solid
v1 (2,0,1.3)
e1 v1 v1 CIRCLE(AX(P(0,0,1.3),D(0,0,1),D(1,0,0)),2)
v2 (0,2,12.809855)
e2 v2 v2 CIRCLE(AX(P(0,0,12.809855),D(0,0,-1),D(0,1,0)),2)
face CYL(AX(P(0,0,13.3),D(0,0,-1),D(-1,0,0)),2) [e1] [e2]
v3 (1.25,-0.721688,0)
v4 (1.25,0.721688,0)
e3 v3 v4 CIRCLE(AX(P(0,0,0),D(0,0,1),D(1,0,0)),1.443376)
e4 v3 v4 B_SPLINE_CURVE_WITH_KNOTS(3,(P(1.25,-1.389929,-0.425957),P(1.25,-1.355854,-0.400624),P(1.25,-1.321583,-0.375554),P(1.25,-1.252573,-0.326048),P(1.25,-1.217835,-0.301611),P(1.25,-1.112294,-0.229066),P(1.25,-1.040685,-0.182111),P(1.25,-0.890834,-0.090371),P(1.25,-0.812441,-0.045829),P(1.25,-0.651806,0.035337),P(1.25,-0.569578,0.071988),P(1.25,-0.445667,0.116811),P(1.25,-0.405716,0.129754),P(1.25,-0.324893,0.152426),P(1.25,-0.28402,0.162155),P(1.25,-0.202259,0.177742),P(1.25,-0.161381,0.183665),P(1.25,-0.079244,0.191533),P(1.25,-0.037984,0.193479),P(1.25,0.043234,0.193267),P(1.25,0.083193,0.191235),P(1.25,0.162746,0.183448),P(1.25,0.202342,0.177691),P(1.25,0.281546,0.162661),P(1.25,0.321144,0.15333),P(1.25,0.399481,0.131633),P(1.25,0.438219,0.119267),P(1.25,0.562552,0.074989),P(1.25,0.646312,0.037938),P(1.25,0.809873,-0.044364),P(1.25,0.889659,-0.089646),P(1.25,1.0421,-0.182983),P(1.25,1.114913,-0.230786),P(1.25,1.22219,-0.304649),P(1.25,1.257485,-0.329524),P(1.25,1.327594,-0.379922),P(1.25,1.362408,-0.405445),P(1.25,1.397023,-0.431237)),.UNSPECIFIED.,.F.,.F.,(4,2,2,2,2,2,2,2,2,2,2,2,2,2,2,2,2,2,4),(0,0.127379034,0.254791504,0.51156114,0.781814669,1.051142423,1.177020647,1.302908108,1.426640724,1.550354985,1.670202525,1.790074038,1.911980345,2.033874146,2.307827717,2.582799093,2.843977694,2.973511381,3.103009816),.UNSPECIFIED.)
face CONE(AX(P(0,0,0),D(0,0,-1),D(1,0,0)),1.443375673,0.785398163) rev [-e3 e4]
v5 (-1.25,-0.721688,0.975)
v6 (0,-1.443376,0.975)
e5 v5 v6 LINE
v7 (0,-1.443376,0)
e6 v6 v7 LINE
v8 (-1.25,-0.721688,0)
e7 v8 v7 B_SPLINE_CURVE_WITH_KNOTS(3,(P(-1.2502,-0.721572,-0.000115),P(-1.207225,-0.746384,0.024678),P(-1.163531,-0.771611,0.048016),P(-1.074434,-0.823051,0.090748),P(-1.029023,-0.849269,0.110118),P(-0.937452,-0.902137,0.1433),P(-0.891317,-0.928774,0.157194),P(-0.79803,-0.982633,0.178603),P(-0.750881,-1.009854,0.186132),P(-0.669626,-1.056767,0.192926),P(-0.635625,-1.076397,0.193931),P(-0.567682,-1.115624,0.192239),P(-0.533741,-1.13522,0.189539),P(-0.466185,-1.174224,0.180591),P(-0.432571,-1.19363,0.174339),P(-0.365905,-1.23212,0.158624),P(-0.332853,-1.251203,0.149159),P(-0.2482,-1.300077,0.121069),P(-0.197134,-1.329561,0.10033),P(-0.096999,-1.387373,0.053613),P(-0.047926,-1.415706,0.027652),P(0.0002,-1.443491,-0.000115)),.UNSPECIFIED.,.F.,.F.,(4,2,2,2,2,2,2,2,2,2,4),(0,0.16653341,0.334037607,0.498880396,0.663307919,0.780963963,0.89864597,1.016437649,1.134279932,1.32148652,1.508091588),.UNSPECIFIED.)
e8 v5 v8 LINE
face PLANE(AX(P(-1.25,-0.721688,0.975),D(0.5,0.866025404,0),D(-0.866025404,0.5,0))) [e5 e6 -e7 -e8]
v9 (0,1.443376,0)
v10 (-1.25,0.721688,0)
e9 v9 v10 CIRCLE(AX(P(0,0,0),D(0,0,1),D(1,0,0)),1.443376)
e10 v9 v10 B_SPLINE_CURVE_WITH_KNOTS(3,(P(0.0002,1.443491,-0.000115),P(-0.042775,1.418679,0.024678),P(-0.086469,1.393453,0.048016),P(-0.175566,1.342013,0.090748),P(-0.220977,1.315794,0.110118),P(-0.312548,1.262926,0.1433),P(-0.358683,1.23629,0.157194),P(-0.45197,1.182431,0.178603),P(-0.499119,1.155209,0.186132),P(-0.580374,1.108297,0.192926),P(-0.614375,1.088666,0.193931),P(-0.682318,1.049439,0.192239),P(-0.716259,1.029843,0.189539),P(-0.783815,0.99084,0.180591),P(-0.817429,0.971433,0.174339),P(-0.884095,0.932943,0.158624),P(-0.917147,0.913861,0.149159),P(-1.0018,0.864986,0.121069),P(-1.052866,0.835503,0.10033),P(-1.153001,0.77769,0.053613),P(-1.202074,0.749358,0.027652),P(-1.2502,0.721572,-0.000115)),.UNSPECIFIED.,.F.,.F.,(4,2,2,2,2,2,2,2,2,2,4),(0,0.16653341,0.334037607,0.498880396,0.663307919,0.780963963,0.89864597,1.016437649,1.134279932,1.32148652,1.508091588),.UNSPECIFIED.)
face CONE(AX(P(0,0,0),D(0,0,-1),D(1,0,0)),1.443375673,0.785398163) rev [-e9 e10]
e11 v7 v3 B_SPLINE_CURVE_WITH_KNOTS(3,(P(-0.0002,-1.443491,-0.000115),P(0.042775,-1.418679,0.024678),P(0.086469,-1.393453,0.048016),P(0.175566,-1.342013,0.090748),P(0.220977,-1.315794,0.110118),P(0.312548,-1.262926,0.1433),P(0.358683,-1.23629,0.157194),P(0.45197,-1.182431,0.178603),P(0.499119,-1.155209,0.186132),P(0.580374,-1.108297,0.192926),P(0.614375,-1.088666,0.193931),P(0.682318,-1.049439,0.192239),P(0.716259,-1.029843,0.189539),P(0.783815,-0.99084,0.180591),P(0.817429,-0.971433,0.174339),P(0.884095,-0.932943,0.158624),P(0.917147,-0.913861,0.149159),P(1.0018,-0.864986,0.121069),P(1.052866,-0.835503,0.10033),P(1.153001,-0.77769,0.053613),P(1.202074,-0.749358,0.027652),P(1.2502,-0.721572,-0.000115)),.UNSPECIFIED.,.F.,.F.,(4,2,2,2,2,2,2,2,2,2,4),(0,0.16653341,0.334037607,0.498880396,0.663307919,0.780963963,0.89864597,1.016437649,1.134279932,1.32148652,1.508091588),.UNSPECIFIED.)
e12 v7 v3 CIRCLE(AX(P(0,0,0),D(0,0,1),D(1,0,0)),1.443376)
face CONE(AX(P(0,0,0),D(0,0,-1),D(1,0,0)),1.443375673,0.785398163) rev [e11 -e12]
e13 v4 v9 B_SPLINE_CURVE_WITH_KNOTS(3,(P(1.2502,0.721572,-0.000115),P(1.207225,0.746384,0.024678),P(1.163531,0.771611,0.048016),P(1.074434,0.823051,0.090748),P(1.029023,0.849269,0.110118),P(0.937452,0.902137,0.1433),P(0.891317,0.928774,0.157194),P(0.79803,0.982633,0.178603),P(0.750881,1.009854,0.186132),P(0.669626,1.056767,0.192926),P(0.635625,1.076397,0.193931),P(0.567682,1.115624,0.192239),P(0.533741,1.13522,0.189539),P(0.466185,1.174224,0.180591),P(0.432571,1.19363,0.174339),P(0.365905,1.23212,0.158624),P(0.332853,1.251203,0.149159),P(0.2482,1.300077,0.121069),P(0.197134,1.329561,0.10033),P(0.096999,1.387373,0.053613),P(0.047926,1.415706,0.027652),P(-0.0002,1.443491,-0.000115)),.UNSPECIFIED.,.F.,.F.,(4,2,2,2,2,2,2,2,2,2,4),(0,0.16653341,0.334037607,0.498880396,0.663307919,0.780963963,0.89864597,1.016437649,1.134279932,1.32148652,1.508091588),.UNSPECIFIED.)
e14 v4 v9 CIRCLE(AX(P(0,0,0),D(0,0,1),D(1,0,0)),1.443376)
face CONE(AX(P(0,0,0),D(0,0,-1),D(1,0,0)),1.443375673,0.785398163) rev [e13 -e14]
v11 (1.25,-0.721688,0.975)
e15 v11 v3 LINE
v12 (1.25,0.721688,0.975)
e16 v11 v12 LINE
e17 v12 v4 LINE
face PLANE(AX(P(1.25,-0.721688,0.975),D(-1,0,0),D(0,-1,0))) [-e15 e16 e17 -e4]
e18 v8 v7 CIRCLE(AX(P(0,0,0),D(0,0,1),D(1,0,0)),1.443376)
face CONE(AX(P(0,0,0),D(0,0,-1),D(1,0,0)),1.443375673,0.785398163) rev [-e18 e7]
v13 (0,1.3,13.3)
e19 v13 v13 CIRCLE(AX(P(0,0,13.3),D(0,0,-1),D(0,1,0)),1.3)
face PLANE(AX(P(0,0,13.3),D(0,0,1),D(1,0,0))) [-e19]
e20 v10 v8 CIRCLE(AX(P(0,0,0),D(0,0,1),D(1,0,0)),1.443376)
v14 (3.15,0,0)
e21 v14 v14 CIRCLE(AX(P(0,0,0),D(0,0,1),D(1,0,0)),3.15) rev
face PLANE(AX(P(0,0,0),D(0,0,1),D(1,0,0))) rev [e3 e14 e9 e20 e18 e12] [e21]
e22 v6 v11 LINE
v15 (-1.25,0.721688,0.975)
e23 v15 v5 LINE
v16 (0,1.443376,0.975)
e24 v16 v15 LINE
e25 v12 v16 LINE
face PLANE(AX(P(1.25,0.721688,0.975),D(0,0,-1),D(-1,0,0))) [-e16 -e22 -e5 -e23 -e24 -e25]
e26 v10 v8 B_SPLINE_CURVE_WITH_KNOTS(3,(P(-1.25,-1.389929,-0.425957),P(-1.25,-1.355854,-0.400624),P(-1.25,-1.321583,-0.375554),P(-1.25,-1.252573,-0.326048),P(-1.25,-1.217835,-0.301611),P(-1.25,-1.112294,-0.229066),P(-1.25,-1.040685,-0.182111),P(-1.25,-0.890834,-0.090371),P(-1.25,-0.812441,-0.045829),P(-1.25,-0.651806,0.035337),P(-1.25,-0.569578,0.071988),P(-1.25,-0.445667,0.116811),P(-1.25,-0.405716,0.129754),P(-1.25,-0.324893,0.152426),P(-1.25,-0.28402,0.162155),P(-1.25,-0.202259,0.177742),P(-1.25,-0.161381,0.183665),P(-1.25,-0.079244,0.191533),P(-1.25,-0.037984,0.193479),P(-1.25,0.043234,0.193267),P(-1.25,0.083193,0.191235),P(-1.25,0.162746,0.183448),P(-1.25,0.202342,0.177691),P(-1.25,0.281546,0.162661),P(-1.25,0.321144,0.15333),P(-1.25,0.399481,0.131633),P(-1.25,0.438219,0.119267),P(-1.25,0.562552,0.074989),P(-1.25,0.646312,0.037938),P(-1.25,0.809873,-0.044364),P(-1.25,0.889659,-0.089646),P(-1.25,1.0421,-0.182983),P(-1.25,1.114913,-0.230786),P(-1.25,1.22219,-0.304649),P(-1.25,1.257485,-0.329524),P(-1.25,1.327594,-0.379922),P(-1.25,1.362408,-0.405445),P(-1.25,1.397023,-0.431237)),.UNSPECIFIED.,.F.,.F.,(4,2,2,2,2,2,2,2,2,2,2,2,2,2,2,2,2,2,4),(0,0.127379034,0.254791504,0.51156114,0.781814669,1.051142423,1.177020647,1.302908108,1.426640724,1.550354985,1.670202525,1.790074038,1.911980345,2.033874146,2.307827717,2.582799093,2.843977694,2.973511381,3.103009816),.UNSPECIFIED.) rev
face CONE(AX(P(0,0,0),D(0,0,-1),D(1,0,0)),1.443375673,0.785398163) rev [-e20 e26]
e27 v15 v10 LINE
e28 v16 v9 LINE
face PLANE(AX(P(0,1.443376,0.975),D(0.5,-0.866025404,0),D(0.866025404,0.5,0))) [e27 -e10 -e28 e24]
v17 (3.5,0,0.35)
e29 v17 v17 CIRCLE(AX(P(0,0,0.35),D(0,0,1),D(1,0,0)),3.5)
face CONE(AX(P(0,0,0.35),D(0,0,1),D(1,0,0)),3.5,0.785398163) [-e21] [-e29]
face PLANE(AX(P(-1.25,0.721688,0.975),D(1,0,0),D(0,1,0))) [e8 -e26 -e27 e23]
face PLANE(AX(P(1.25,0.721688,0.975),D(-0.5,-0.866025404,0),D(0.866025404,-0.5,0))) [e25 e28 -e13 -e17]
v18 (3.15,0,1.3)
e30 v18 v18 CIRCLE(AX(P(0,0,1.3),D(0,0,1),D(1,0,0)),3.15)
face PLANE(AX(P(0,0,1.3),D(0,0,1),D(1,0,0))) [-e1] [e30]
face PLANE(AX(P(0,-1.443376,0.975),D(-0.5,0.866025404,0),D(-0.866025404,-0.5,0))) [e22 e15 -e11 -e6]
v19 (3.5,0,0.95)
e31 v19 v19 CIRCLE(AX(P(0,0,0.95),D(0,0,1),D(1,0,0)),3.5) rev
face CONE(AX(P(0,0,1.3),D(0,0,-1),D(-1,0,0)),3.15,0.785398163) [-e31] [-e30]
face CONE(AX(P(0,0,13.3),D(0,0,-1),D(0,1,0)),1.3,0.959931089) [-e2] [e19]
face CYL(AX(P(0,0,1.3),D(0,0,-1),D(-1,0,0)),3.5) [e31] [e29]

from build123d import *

# Parameters (mm, degrees)
SKETCH1_R          = 2
EXTRUDE1_DEPTH     = 13.3
SKETCH6_R          = 3.5
EXTRUDE2_DEPTH     = 1.3
CUT_EXTRUDE1_DEPTH = 0.975
SKETCH8_R          = 1.443375673
CUT_EXTRUDE2_DEPTH = 0.975
CUT_EXTRUDE2_TAPER = 45
CHAMFER1_SIZE      = 0.35


with BuildPart() as part:
    # Sketch1 → Extrude1 (new body)
    with BuildSketch(Plane.XY):
        Circle(SKETCH1_R)
    extrude(amount=EXTRUDE1_DEPTH)

    # Sketch4 → Cut-Revolve1 (revolve, cut)
    with BuildSketch(Plane(origin=(0, 0, 0), x_dir=(0, 0, -1), z_dir=(1, 0, 0))):
        Polygon((-12.809854723, 2), (-13.3, 1.3), (-13.3, 2), align=None)
    revolve(axis=Axis((0, 0, 0), (0, 0, 1)), mode=Mode.SUBTRACT)

    # Sketch6 → Extrude2 (add)
    with BuildSketch(Plane.XY):
        Circle(SKETCH6_R)
    extrude(amount=EXTRUDE2_DEPTH)

    # Sketch7 → Cut-Extrude1 (cut)
    with BuildSketch(Plane.XY):
        Polygon((0, 1.443375673), (-1.25, 0.721687836), (-1.25, -0.721687836), (0, -1.443375673), (1.25, -0.721687836), (1.25, 0.721687836), align=None)
    extrude(amount=CUT_EXTRUDE1_DEPTH, mode=Mode.SUBTRACT)

    # Sketch8 → Cut-Extrude2 (cut)
    with BuildSketch(Plane.XY):
        Circle(SKETCH8_R)
    extrude(amount=CUT_EXTRUDE2_DEPTH, taper=CUT_EXTRUDE2_TAPER, mode=Mode.SUBTRACT)

    # Chamfer1
    chamfer1_edges = [part.edges().sort_by_distance(p)[0] for p in [
        (-3.5, 0, 1.3),
        (-3.5, 0, 0),
    ]]
    chamfer(chamfer1_edges, length=CHAMFER1_SIZE)


solid = part.part
